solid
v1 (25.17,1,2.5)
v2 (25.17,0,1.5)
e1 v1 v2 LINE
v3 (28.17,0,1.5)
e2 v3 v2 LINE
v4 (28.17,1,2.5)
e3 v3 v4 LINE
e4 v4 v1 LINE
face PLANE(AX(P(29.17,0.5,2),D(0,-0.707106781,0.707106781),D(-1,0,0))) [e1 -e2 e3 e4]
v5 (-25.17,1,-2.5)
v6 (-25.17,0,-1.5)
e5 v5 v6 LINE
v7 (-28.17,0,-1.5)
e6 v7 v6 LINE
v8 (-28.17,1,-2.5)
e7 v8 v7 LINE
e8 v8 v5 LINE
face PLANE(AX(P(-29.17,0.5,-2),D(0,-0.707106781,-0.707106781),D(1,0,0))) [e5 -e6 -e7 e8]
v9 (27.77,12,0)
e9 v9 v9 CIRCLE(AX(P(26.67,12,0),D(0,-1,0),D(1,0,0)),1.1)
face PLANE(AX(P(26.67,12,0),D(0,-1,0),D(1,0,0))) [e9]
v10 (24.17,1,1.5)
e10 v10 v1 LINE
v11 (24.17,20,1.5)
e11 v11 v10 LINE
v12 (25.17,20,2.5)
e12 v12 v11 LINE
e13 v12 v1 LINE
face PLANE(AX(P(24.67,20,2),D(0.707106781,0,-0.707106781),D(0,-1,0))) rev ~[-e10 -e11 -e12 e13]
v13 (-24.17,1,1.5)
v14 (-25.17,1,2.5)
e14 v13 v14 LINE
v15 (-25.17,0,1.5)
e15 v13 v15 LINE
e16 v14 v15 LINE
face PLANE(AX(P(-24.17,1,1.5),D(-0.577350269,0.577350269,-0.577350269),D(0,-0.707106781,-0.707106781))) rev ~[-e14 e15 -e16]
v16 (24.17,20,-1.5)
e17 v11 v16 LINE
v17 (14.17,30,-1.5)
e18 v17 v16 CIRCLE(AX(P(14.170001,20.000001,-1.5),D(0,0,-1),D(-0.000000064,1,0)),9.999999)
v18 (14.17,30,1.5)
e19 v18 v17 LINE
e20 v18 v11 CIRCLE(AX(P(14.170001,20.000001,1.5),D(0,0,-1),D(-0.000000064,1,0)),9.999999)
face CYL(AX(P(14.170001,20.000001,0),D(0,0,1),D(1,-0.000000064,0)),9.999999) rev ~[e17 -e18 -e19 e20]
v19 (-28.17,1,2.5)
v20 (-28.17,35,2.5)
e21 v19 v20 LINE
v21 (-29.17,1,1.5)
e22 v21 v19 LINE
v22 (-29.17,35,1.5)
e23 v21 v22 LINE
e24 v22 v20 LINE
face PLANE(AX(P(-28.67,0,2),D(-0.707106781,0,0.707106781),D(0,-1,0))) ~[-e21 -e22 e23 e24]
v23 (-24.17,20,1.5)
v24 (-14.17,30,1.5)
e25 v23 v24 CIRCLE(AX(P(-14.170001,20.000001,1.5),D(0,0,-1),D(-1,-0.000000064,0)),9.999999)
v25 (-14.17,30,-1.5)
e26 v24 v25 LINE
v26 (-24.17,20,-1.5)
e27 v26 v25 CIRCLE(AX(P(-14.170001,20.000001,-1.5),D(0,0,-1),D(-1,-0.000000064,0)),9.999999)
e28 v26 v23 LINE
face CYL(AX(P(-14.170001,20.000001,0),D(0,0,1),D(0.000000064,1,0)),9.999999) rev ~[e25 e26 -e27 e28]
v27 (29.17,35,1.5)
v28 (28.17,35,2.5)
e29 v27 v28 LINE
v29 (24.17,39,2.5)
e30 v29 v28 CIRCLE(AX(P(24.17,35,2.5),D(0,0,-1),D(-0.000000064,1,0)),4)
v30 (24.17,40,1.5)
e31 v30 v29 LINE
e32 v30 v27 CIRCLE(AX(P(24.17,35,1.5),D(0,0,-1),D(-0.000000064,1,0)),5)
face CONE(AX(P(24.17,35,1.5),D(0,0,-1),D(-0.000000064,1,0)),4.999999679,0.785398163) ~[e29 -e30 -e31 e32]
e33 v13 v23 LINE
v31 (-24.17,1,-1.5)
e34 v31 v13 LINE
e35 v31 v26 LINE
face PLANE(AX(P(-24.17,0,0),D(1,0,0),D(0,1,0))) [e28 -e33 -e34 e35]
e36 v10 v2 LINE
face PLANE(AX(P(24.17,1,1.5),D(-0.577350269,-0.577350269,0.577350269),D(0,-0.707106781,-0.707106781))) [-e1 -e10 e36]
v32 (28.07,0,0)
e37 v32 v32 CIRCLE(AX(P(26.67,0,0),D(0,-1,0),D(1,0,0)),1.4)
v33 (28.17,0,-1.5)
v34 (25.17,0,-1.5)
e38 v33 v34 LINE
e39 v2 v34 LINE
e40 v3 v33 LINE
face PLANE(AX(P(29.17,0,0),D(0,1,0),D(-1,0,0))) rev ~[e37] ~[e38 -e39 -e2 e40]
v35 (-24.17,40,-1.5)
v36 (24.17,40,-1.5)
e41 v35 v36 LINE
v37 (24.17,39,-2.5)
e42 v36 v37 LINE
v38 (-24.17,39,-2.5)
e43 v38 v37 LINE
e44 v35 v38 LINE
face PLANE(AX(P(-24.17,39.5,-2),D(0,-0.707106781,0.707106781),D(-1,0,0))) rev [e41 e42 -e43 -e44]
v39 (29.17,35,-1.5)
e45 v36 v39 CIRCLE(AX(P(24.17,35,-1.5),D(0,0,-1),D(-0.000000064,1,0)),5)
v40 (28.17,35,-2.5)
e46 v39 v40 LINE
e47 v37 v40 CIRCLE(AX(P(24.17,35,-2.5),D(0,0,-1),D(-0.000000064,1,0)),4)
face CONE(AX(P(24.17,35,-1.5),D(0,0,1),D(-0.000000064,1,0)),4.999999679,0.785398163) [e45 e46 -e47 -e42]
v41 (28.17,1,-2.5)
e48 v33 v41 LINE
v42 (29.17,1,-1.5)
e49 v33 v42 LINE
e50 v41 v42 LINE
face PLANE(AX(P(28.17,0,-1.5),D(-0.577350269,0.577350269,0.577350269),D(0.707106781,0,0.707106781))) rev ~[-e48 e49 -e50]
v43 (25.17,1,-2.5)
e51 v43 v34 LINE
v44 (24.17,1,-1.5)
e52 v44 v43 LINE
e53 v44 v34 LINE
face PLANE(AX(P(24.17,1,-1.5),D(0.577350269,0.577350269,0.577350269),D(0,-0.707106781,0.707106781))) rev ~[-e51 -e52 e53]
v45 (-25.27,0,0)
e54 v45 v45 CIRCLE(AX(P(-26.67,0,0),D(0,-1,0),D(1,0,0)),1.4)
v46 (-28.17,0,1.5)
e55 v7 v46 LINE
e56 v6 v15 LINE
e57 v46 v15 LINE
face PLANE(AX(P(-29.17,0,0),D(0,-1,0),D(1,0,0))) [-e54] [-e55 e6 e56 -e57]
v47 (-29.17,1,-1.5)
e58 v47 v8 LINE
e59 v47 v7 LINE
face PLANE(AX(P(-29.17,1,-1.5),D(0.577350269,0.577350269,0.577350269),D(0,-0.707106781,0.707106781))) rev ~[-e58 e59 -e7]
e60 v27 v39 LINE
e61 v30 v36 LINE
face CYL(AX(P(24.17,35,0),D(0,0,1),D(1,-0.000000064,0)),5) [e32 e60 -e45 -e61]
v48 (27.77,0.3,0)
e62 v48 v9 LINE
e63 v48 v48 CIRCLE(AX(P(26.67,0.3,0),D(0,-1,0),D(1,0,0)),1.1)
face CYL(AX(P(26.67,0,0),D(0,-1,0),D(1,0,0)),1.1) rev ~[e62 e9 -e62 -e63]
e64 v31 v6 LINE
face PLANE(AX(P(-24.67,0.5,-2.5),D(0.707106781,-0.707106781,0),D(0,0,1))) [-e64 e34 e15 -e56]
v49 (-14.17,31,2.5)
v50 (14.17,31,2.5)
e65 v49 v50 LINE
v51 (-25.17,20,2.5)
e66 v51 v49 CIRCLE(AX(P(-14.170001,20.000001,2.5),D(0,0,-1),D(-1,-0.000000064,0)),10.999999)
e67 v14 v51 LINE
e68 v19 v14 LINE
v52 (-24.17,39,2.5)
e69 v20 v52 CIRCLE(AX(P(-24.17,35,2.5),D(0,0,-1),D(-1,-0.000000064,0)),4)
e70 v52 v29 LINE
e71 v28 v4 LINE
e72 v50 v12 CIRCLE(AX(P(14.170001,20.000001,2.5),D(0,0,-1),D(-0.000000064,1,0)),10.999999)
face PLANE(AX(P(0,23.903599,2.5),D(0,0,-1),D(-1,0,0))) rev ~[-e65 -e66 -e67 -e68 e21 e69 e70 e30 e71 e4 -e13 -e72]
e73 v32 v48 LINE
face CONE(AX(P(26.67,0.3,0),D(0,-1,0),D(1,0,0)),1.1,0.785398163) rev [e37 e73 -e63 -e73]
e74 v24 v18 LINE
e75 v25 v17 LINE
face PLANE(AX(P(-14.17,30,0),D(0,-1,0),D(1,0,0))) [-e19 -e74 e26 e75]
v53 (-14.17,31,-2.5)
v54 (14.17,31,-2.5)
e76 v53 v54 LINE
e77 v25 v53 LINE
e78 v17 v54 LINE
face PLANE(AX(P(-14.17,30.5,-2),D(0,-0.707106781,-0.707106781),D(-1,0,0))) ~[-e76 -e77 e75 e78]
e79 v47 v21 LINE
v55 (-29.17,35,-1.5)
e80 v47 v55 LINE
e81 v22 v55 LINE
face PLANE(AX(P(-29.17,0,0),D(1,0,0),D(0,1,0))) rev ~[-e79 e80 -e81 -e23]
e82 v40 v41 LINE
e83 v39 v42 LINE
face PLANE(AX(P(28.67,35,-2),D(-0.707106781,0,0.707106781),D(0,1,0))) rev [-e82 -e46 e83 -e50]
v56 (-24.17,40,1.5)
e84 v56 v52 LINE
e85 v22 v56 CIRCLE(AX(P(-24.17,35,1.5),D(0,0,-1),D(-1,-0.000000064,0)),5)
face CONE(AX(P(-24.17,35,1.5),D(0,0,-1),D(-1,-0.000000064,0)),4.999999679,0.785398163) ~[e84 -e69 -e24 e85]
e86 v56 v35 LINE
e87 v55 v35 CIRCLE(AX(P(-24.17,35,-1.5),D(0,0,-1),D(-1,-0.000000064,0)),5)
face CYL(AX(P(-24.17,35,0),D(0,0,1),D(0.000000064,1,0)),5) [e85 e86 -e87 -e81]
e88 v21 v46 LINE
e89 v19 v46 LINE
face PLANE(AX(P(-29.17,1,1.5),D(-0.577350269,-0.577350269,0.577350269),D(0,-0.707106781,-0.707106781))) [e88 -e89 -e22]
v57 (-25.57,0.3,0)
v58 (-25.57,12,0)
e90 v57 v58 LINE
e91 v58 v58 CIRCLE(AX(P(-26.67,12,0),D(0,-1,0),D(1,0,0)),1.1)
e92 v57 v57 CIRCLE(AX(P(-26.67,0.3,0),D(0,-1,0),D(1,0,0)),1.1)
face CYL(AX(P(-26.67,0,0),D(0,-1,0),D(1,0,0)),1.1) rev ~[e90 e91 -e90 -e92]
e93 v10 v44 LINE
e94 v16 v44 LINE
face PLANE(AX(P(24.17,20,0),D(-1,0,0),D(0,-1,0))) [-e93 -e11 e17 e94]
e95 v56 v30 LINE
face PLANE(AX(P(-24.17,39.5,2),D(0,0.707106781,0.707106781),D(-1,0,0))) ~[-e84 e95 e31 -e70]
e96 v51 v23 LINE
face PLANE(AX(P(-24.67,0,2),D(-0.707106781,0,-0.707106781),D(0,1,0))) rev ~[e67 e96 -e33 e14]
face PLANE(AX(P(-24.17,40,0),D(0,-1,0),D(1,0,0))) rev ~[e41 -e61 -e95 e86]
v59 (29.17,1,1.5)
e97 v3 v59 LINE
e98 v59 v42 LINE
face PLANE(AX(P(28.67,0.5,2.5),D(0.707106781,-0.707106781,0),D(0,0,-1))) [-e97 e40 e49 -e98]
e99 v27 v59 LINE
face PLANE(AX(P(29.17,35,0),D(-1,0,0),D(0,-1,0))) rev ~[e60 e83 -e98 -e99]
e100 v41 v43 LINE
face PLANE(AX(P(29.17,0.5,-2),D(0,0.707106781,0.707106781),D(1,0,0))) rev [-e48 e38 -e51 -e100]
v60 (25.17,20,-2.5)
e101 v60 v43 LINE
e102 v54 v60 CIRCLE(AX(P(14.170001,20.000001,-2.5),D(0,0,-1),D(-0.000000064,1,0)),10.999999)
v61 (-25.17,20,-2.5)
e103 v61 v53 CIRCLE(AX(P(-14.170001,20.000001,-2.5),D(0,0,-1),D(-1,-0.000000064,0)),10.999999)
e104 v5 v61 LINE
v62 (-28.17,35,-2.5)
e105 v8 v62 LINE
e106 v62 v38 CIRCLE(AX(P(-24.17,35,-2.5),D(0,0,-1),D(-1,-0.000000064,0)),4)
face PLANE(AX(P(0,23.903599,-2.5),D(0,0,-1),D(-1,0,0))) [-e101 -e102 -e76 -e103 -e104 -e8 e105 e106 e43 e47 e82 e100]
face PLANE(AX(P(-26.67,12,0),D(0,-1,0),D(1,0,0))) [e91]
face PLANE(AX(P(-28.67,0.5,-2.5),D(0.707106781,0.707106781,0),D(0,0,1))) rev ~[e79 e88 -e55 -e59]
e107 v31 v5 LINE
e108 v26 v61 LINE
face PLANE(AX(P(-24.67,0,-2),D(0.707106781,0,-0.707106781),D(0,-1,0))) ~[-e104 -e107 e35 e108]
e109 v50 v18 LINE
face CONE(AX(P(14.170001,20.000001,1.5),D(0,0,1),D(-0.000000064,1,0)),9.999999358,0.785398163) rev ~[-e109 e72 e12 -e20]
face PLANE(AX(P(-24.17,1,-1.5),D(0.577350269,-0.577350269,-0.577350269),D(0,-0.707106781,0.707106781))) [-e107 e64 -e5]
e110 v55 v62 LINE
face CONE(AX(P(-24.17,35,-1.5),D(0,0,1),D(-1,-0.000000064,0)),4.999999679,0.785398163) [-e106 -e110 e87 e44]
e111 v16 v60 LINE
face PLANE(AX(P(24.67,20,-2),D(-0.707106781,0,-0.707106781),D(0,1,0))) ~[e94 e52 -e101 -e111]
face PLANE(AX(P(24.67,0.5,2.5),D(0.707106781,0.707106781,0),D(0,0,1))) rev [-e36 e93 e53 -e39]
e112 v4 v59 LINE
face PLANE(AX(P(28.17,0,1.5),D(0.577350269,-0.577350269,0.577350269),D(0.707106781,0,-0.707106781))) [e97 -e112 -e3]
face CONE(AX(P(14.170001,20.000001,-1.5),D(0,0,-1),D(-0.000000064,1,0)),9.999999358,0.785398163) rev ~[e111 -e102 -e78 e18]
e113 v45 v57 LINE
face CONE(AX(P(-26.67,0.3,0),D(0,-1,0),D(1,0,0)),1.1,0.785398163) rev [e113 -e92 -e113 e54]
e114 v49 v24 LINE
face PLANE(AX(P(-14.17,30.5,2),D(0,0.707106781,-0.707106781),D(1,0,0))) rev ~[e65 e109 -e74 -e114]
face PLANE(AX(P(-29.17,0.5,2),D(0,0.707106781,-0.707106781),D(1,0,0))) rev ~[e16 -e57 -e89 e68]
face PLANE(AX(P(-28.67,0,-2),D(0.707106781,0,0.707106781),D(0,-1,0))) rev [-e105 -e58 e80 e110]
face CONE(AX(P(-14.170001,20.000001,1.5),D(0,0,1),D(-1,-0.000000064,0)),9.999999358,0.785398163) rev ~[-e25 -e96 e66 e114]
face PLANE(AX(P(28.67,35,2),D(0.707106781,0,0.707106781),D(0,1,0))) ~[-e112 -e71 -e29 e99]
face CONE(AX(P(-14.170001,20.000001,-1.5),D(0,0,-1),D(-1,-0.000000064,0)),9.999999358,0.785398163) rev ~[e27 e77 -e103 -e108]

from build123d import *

# Parameters (mm, degrees)
PAD_DEPTH       = 2.5
CHAMFER_SIZE    = 1
SKETCH001_R     = 1.1
POCKET_DEPTH    = 12
CHAMFER001_SIZE = 0.3


with BuildPart() as part:
    # Sketch → Pad (new body, symmetric)
    with BuildSketch(Plane.XY):
        with BuildLine():
            Line((-29.17, 0), (-29.17, 35))
            ThreePointArc((-24.17, 40), (-27.705534, 38.535534), (-29.17, 35))
            Line((-24.17, 40), (24.17, 40))
            ThreePointArc((29.17, 35), (27.705534, 38.535534), (24.17, 40))
            Line((29.17, 35), (29.17, 0))
            Line((29.17, 0), (24.17, 0))
            Line((24.17, 20), (24.17, 0))
            ThreePointArc((24.17, 20), (21.241068, 27.071068), (14.17, 30))
            Line((-14.17, 30), (14.17, 30))
            ThreePointArc((-14.17, 30), (-21.241068, 27.071068), (-24.17, 20))
            Line((-24.17, 0), (-24.17, 20))
            Line((-29.17, 0), (-24.17, 0))
        make_face()
    extrude(amount=PAD_DEPTH, both=True)

    # Chamfer
    chamfer_edges = [part.edges().sort_by_distance(p)[0] for p in [
        (-26.67, 0, 2.5),
        (-29.17, 17.5, 2.5),
        (-27.705534, 38.535534, 2.5),
        (0, 40, 2.5),
        (27.705534, 38.535534, 2.5),
        (29.17, 17.5, 2.5),
        (26.67, 0, 2.5),
        (24.17, 10, 2.5),
        (21.241068, 27.071068, 2.5),
        (0, 30, 2.5),
        (-21.241068, 27.071068, 2.5),
        (-24.17, 10, 2.5),
        (-26.67, 0, -2.5),
        (-29.17, 17.5, -2.5),
        (-27.705534, 38.535534, -2.5),
        (0, 40, -2.5),
        (27.705534, 38.535534, -2.5),
        (29.17, 17.5, -2.5),
        (26.67, 0, -2.5),
        (24.17, 10, -2.5),
        (21.241068, 27.071068, -2.5),
        (0, 30, -2.5),
        (-21.241068, 27.071068, -2.5),
        (-24.17, 10, -2.5),
        (-29.17, 0, 0),
        (-24.17, 0, 0),
        (24.17, 0, 0),
        (29.17, 0, 0),
    ]]
    chamfer(chamfer_edges, length=CHAMFER_SIZE)

    # Sketch001 → Pocket (cut)
    with BuildSketch(Plane.XZ):
        with Locations((-26.67, 0)):
            Circle(SKETCH001_R)
        with Locations((26.67, 0)):
            Circle(SKETCH001_R)
    extrude(amount=-POCKET_DEPTH, mode=Mode.SUBTRACT)

    # Chamfer001
    chamfer001_edges = [part.edges().sort_by_distance(p)[0] for p in [
        (-27.77, 0, 0),
        (25.57, 0, 0),
    ]]
    chamfer(chamfer001_edges, length=CHAMFER001_SIZE)


solid = part.part
